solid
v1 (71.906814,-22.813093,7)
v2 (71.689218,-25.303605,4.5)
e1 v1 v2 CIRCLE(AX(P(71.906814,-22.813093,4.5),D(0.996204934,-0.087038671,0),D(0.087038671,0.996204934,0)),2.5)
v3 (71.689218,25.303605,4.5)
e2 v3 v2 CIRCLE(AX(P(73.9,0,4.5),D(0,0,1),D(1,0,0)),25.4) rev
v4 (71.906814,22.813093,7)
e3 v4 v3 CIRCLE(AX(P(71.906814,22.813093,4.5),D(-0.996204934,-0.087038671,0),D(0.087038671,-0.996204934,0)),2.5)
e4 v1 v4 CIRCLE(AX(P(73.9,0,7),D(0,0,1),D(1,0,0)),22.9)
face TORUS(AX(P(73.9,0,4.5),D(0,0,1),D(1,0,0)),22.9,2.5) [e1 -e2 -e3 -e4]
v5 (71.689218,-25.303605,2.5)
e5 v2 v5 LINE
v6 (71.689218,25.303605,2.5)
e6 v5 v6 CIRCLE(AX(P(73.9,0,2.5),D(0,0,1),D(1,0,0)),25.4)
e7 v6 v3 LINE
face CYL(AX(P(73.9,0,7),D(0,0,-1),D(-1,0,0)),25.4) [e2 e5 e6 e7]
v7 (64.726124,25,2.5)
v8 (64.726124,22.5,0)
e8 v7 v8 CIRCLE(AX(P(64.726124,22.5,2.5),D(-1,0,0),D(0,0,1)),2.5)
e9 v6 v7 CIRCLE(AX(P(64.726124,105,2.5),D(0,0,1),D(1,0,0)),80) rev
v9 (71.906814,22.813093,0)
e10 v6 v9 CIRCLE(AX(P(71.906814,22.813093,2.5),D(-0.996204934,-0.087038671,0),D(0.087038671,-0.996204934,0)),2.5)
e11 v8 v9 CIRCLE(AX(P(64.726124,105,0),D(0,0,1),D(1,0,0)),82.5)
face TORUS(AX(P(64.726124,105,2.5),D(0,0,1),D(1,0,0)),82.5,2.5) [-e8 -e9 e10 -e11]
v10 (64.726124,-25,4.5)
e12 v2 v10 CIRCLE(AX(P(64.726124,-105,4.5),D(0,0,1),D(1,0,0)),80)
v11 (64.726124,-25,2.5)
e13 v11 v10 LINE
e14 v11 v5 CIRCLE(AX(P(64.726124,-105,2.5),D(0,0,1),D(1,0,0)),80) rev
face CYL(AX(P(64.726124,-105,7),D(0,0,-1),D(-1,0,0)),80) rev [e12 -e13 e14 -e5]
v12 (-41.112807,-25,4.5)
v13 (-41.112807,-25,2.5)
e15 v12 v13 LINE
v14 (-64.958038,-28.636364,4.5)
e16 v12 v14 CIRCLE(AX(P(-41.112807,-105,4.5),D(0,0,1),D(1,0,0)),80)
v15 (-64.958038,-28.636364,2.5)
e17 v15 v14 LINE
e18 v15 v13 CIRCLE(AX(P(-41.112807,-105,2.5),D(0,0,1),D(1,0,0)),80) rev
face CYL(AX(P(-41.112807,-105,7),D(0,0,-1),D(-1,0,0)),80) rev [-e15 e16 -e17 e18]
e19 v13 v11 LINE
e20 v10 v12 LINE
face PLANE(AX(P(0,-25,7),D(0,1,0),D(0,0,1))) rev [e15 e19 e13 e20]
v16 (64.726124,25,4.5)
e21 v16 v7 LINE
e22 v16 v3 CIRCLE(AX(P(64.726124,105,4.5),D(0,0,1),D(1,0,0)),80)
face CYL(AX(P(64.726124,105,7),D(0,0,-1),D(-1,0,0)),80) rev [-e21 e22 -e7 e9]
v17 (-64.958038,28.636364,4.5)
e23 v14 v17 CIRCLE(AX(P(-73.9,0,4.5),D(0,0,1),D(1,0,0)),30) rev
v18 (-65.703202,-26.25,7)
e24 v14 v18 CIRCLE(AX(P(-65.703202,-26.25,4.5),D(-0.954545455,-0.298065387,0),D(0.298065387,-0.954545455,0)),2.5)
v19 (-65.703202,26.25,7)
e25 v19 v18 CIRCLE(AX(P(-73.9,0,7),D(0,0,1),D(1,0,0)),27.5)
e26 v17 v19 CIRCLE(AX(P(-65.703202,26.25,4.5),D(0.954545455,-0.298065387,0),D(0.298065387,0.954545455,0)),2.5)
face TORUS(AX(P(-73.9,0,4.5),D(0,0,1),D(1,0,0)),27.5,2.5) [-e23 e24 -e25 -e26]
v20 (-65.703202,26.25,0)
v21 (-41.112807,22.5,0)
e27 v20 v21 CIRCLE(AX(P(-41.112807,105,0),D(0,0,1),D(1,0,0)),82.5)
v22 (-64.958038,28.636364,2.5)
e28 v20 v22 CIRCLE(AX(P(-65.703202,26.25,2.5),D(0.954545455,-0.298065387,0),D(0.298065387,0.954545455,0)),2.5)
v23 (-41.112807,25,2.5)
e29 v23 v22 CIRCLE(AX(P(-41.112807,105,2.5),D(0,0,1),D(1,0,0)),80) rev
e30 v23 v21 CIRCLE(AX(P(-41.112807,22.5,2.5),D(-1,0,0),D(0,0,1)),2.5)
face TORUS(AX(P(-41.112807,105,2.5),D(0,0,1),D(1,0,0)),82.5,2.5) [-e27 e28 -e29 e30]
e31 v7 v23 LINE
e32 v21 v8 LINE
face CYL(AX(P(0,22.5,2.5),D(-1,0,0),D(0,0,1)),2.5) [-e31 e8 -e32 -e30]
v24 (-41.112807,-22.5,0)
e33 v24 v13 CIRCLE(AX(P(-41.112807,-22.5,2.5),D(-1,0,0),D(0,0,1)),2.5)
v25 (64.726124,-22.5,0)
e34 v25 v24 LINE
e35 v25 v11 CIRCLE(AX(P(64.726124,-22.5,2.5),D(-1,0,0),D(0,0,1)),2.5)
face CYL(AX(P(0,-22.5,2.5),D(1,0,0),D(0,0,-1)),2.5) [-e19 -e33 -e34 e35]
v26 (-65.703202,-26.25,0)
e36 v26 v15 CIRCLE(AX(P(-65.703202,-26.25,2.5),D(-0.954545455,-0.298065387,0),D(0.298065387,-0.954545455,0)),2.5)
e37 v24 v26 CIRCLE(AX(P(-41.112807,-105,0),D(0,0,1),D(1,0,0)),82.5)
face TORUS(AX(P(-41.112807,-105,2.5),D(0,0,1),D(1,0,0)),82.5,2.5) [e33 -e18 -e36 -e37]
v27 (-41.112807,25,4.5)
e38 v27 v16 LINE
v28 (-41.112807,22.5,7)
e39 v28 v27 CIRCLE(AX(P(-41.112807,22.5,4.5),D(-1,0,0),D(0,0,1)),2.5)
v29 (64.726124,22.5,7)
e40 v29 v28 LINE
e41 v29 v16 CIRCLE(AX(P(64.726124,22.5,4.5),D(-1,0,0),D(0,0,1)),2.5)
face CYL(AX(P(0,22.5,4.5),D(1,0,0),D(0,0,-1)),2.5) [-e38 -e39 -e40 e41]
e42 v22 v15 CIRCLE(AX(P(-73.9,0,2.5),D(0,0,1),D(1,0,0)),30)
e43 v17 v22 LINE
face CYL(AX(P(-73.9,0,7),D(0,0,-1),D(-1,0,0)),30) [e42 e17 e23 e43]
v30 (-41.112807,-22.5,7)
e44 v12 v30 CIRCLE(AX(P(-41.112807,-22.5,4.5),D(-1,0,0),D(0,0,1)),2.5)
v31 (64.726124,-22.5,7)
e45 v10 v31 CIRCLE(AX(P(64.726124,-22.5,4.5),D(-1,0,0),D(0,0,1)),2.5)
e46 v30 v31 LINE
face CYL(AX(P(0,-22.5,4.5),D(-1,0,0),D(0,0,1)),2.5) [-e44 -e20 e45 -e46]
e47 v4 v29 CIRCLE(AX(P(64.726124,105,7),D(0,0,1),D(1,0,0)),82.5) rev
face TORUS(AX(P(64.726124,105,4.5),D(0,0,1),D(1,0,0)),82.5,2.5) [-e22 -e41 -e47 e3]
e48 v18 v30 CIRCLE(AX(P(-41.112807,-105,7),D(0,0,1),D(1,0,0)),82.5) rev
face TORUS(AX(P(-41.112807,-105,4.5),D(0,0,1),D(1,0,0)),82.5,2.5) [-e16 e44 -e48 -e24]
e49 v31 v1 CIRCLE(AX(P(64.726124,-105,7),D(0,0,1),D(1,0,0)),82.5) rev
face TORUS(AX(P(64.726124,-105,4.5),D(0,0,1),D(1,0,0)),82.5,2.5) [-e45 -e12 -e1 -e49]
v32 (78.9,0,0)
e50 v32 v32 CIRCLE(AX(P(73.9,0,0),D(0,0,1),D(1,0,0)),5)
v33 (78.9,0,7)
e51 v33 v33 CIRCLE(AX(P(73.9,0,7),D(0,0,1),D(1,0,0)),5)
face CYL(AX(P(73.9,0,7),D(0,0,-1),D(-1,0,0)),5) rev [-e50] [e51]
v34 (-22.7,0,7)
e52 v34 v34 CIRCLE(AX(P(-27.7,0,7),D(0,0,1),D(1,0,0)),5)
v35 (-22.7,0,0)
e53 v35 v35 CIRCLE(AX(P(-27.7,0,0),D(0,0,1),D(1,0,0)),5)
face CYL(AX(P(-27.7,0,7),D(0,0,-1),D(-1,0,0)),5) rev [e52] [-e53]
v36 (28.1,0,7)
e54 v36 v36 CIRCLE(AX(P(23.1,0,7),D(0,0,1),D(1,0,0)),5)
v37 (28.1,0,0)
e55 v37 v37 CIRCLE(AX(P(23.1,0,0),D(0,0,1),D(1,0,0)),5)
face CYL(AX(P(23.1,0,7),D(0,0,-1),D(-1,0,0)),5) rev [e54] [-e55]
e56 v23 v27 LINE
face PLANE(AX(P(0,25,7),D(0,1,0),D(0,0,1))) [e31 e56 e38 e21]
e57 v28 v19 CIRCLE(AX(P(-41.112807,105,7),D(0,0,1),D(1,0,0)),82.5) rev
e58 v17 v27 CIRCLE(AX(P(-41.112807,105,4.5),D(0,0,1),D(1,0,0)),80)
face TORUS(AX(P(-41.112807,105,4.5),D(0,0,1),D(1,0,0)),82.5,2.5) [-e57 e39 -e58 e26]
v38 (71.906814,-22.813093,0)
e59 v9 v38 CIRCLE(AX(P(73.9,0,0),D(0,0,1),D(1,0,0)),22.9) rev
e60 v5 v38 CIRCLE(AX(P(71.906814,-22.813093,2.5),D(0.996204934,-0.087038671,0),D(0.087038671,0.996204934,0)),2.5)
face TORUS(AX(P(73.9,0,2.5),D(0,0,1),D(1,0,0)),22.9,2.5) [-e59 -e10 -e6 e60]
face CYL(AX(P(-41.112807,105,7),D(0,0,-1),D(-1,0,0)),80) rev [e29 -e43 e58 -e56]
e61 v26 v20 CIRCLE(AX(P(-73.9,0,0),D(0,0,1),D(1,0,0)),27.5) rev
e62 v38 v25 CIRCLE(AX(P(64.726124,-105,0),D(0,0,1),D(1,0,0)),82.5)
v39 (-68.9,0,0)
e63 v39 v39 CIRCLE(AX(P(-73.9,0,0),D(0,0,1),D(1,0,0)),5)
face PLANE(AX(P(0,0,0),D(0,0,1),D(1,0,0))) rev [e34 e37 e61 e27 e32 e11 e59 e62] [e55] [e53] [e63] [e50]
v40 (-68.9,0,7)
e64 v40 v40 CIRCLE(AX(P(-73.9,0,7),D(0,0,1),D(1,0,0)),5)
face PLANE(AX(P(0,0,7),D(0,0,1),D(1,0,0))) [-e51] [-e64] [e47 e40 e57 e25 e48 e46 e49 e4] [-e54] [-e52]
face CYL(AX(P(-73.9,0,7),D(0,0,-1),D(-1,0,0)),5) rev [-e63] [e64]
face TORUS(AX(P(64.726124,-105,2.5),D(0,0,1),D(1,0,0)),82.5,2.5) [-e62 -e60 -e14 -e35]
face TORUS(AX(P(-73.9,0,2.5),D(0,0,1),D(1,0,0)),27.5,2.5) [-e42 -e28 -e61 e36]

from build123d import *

# Parameters (mm, degrees)
SKETCH1_R           = 5
BOSS_EXTRUDE1_DEPTH = 7
FILLET1_R           = 80
FILLET2_R           = 2.5


with BuildPart() as part:
    # Sketch1 → Boss-Extrude1 (new body)
    # profile 1 of 9: a face of its own
    with BuildSketch(Plane.XY):
        with BuildLine():
            Line((69.410011136, 25), (-57.316876048, 25))
            ThreePointArc((-57.316876048, 25), (-47.466179631, 14.186371655), (-43.9, 0))
            ThreePointArc((-43.9, 0), (-47.466179631, -14.186371655), (-57.316876048, -25))
            Line((-57.316876048, -25), (69.410011136, -25))
            ThreePointArc((69.410011136, -25), (48.5, 0), (69.410011136, 25))
        make_face()
        with Locations((-27.7, 0)):
            Circle(SKETCH1_R, mode=Mode.SUBTRACT)
        with Locations((23.1, 0)):
            Circle(SKETCH1_R, mode=Mode.SUBTRACT)
    # profile 2 of 9: a face of its own
    with BuildSketch(Plane.XY):
        with BuildLine():
            ThreePointArc((99.3, 0), (90.195924074, 19.483399564), (69.410011136, 25))
            Line((69.410011136, 25), (73.9, 25))
            Line((73.9, 25), (73.9, 5))
            ThreePointArc((73.9, 5), (77.435533906, 3.535533906), (78.9, 0))
            ThreePointArc((78.9, 0), (77.435533906, -3.535533906), (73.9, -5))
            Line((73.9, -5), (73.9, -25))
            Line((73.9, -25), (69.410011136, -25))
            ThreePointArc((69.410011136, -25), (90.195924074, -19.483399564), (99.3, 0))
        make_face()
    # profile 3 of 9: a face of its own
    with BuildSketch(Plane.XY):
        with BuildLine():
            Line((73.9, 25), (69.410011136, 25))
            ThreePointArc((69.410011136, 25), (48.5, 0), (69.410011136, -25))
            Line((69.410011136, -25), (73.9, -25))
            Line((73.9, -25), (73.9, -5))
            ThreePointArc((73.9, -5), (68.9, 0), (73.9, 5))
            Line((73.9, 5), (73.9, 25))
        make_face()
    # profile 4 of 9: a face of its own
    with BuildSketch(Plane.XY):
        with BuildLine():
            ThreePointArc((99.3, 0), (90.195924074, 19.483399564), (69.410011136, 25))
            Line((69.410011136, 25), (73.9, 25))
            Line((73.9, 25), (73.9, 5))
            ThreePointArc((73.9, 5), (77.435533906, 3.535533906), (78.9, 0))
            ThreePointArc((78.9, 0), (77.435533906, -3.535533906), (73.9, -5))
            Line((73.9, -5), (73.9, -25))
            Line((73.9, -25), (69.410011136, -25))
            ThreePointArc((69.410011136, -25), (90.195924074, -19.483399564), (99.3, 0))
        make_face()
    # profile 5 of 9: a face of its own
    with BuildSketch(Plane.XY):
        with BuildLine():
            Line((73.9, 25), (69.410011136, 25))
            ThreePointArc((69.410011136, 25), (48.5, 0), (69.410011136, -25))
            Line((69.410011136, -25), (73.9, -25))
            Line((73.9, -25), (73.9, -5))
            ThreePointArc((73.9, -5), (68.9, 0), (73.9, 5))
            Line((73.9, 5), (73.9, 25))
        make_face()
    # profile 6 of 9: a face of its own
    with BuildSketch(Plane.XY):
        with BuildLine():
            Line((-73.9, 5), (-73.9, 25))
            Line((-73.9, 25), (-57.316876048, 25))
            ThreePointArc((-57.316876048, 25), (-103.9, 0), (-57.316876048, -25))
            Line((-57.316876048, -25), (-73.9, -25))
            Line((-73.9, -25), (-73.9, -5))
            ThreePointArc((-73.9, -5), (-78.9, 0), (-73.9, 5))
        make_face()
    # profile 7 of 9: a face of its own
    with BuildSketch(Plane.XY):
        with BuildLine():
            Line((-57.316876048, 25), (-73.9, 25))
            Line((-73.9, 25), (-73.9, 5))
            ThreePointArc((-73.9, 5), (-70.364466094, 3.535533906), (-68.9, 0))
            ThreePointArc((-68.9, 0), (-70.364466094, -3.535533906), (-73.9, -5))
            Line((-73.9, -5), (-73.9, -25))
            Line((-73.9, -25), (-57.316876048, -25))
            ThreePointArc((-57.316876048, -25), (-47.466179631, -14.186371655), (-43.9, 0))
            ThreePointArc((-43.9, 0), (-47.466179631, 14.186371655), (-57.316876048, 25))
        make_face()
    # profile 8 of 9: a face of its own
    with BuildSketch(Plane.XY):
        with BuildLine():
            Line((-73.9, 5), (-73.9, 25))
            Line((-73.9, 25), (-57.316876048, 25))
            ThreePointArc((-57.316876048, 25), (-103.9, 0), (-57.316876048, -25))
            Line((-57.316876048, -25), (-73.9, -25))
            Line((-73.9, -25), (-73.9, -5))
            ThreePointArc((-73.9, -5), (-78.9, 0), (-73.9, 5))
        make_face()
    # profile 9 of 9: a face of its own
    with BuildSketch(Plane.XY):
        with BuildLine():
            Line((-57.316876048, 25), (-73.9, 25))
            Line((-73.9, 25), (-73.9, 5))
            ThreePointArc((-73.9, 5), (-70.364466094, 3.535533906), (-68.9, 0))
            ThreePointArc((-68.9, 0), (-70.364466094, -3.535533906), (-73.9, -5))
            Line((-73.9, -5), (-73.9, -25))
            Line((-73.9, -25), (-57.316876048, -25))
            ThreePointArc((-57.316876048, -25), (-47.466179631, -14.186371655), (-43.9, 0))
            ThreePointArc((-43.9, 0), (-47.466179631, 14.186371655), (-57.316876048, 25))
        make_face()
    extrude(amount=BOSS_EXTRUDE1_DEPTH)

    # Fillet1
    fillet1_edges = [part.edges().sort_by_distance(p)[0] for p in [
        (-57.316876048, 25, 3.5),
        (69.410011136, 25, 3.5),
        (69.410011136, -25, 3.5),
        (-57.316876048, -25, 3.5),
    ]]
    fillet(fillet1_edges, radius=FILLET1_R)

    # Fillet2
    fillet2_edges = [part.edges().sort_by_distance(p)[0] for p in [
        (99.3, 0, 0),
        (99.3, 0, 7),
        (11.806658334, -25, 0),
        (11.806658334, -25, 7),
        (11.806658334, 25, 0),
        (11.806658334, 25, 7),
        (-103.9, 0, 0),
        (-103.9, 0, 7),
        (68.210978782, -25.075937369, 0),
        (68.210978782, -25.075937369, 7),
        (68.210978782, 25.075937369, 0),
        (68.210978782, 25.075937369, 7),
        (-53.173261162, -25.914315742, 0),
        (-53.173261162, -25.914315742, 7),
        (-53.173261162, 25.914315742, 0),
        (-53.173261162, 25.914315742, 7),
    ]]
    fillet(fillet2_edges, radius=FILLET2_R)


solid = part.part
